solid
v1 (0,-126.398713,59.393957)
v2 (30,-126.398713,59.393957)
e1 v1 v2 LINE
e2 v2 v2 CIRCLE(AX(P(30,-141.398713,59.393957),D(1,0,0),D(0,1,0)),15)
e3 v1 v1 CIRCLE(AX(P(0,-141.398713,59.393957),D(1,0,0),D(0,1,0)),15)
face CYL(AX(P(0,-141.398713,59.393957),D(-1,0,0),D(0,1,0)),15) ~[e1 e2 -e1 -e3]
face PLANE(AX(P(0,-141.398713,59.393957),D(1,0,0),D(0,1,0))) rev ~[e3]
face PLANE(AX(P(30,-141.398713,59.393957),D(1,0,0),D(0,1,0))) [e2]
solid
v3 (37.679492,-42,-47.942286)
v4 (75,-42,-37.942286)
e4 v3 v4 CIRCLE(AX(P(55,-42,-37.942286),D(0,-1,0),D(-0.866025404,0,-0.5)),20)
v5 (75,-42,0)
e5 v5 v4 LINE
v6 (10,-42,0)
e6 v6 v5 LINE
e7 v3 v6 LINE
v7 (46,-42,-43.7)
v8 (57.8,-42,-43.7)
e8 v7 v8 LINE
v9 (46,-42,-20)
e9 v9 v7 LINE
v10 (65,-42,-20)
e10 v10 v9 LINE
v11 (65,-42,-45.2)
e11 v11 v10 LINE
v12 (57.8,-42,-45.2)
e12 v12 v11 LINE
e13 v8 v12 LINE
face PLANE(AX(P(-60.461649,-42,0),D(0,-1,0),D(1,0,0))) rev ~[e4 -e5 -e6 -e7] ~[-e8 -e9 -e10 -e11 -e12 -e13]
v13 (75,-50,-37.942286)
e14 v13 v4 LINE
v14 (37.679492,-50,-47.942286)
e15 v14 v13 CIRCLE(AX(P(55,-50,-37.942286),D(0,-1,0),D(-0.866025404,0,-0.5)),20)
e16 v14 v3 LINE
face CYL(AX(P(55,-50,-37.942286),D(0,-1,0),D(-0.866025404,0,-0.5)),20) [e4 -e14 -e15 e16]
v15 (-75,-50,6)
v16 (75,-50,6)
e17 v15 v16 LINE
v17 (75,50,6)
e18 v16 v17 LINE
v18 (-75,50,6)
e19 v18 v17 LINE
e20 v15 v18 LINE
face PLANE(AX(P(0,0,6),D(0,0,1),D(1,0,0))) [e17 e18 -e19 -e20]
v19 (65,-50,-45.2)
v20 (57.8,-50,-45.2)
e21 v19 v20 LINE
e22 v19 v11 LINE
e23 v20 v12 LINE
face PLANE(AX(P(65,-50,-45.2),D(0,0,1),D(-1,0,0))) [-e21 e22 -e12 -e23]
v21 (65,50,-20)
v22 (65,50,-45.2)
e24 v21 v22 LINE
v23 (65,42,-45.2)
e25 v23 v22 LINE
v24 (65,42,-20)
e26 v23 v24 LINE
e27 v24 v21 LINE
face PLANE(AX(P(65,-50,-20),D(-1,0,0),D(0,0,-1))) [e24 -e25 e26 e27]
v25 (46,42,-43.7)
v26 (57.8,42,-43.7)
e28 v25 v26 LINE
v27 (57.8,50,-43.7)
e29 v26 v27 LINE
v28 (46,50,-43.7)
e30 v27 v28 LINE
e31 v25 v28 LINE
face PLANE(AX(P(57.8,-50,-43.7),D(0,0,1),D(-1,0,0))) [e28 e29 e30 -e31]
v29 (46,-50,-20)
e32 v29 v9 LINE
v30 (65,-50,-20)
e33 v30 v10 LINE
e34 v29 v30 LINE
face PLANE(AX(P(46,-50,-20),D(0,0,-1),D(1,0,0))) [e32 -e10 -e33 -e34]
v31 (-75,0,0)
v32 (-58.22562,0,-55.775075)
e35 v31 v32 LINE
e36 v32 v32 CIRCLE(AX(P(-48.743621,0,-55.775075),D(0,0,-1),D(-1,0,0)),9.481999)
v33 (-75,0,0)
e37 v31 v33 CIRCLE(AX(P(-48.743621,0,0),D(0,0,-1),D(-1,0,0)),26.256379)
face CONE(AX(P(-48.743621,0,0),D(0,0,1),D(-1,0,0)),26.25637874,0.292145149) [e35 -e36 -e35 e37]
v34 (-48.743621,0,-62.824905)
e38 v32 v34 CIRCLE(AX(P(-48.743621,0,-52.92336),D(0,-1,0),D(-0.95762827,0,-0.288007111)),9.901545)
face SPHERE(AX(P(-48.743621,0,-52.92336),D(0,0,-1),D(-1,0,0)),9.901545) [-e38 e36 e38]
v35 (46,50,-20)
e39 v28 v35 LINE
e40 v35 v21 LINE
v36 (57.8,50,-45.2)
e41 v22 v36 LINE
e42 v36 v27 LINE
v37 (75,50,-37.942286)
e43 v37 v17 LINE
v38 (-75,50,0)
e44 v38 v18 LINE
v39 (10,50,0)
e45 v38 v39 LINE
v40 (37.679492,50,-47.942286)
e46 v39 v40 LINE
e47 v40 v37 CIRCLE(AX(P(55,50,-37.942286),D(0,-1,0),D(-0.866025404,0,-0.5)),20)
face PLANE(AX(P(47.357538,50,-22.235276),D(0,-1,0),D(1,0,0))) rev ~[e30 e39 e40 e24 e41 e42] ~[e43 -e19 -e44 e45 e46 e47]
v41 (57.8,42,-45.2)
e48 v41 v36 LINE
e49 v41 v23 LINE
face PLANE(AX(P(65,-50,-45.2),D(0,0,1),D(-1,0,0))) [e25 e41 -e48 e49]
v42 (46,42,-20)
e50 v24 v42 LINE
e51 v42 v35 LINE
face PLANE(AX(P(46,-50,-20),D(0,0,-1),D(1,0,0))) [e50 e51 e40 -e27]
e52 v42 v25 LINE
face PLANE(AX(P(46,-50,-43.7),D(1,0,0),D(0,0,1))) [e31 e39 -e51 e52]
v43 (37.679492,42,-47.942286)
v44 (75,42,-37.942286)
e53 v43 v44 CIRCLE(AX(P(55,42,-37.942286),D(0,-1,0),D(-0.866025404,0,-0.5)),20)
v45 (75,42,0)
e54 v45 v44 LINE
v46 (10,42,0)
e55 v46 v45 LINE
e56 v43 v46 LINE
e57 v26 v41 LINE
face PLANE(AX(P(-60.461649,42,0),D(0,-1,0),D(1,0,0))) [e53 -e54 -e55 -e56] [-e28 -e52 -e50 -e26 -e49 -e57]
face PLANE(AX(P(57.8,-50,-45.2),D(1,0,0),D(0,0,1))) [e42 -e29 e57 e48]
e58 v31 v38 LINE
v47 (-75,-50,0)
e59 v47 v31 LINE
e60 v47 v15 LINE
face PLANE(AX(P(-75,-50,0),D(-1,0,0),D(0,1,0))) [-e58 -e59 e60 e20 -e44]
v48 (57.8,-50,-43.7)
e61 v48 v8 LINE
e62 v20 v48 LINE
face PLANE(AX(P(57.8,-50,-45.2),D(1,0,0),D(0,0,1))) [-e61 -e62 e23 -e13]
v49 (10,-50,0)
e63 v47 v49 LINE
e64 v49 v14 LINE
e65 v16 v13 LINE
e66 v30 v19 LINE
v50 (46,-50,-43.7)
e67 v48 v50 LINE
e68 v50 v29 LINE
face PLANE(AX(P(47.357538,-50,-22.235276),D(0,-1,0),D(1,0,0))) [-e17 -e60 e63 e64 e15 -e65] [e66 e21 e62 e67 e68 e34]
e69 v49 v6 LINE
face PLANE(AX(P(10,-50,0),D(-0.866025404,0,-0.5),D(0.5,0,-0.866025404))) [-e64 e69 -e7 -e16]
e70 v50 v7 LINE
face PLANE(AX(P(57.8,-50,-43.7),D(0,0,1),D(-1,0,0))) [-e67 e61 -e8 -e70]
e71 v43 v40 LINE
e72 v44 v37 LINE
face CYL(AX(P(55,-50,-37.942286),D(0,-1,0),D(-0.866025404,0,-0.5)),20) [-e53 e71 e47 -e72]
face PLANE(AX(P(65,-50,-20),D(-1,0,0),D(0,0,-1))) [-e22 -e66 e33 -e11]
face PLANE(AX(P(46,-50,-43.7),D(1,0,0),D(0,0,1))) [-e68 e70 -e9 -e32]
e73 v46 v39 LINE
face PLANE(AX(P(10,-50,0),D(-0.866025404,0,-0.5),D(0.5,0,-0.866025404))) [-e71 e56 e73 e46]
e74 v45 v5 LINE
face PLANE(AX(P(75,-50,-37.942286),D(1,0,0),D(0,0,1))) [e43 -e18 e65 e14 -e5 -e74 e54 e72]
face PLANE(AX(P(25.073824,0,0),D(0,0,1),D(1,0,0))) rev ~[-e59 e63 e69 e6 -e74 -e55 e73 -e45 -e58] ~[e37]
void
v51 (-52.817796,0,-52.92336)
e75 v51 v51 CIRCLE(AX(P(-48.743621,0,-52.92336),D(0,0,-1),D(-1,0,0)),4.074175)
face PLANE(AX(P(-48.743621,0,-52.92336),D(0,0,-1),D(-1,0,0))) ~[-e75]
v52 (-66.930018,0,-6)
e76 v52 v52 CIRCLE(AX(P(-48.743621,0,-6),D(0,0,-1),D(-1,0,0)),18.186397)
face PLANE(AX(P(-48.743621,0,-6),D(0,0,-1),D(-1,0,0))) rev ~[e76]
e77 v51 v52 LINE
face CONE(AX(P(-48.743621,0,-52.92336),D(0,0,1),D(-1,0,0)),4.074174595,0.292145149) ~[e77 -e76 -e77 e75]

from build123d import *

# Parameters (mm, degrees)
F0_W     = 150
F0_H     = 100
F1_DEPTH = 6
F5_DEPTH = 100
F3_W     = 171.0709459866
F3_H     = 84
F6_DEPTH = 200
F8_R     = 15
F9_DEPTH = 30


with BuildPart() as f1:
    # F0 (on Top) → F1 (new body)
    with BuildSketch(Plane.XY):
        Rectangle(F0_W, F0_H)
    extrude(amount=F1_DEPTH)

    # F2 (on face) → F5 (join)
    with BuildSketch(Plane.XZ.offset(50)):
        with BuildLine():
            Line((75, 0), (10, 0))
            Line((10, 0), (37.6794919243, -47.9422863406))
            ThreePointArc((37.6794919243, -47.9422863406), (60.1763809021, -57.2608028664), (75, -37.9422863406))
            Line((75, -37.9422863406), (75, 0))
        make_face()
        Polygon((46, -20), (65, -20), (65, -45.2), (57.8, -45.2), (57.8, -43.7), (46, -43.7), align=None, mode=Mode.SUBTRACT)
    extrude(amount=-F5_DEPTH)

    # F3 (on Top) → F6 (cut)
    with BuildSketch(Plane.XY):
        with Locations((25.0738235191, 0)):
            Rectangle(F3_W, F3_H)
    extrude(amount=-F6_DEPTH, mode=Mode.SUBTRACT)

    # F4 (on Front) → F7 (revolve)
    with BuildSketch(Plane.XZ):
        with BuildLine():
            Line((-48.7436212599, 0), (-75, 0))
            Line((-75, 0), (-58.2256204143, -55.7750751688))
            ThreePointArc((-58.2256204143, -55.7750751688), (-58.2296045097, -50.0849254651), (-55.1008508317, -45.3321662722))
            Line((-55.1008508317, -45.3321662722), (-66.9300179817, -6))
            Line((-66.9300179817, -6), (-48.7436212599, -6))
            Line((-48.7436212599, -6), (-48.7436212599, 0))
        make_face()
        with BuildLine():
            ThreePointArc((-55.1008508317, -45.3321662722), (-58.2296045097, -50.0849254651), (-58.2256204143, -55.7750751688))
            ThreePointArc((-58.2256204143, -55.7750751688), (-54.6514212532, -60.8693328985), (-48.7436212599, -62.8249046049))
            Line((-48.7436212599, -62.8249046049), (-48.7436212599, -52.923359872))
            Line((-48.7436212599, -52.923359872), (-52.8177958548, -52.923359872))
            Line((-52.8177958548, -52.923359872), (-55.1008508317, -45.3321662722))
        make_face()
    revolve(axis=Axis((-48.7436212599, 0, -43.6514355242), (0, 0, -1)))


with BuildPart() as f9:
    # F8 (on Right) → F9 (new body)
    with BuildSketch(Plane.YZ):
        with Locations((-141.3987129927, 59.3939572573)):
            Circle(F8_R)
    extrude(amount=F9_DEPTH)


solid = Compound([f1.part, f9.part])
